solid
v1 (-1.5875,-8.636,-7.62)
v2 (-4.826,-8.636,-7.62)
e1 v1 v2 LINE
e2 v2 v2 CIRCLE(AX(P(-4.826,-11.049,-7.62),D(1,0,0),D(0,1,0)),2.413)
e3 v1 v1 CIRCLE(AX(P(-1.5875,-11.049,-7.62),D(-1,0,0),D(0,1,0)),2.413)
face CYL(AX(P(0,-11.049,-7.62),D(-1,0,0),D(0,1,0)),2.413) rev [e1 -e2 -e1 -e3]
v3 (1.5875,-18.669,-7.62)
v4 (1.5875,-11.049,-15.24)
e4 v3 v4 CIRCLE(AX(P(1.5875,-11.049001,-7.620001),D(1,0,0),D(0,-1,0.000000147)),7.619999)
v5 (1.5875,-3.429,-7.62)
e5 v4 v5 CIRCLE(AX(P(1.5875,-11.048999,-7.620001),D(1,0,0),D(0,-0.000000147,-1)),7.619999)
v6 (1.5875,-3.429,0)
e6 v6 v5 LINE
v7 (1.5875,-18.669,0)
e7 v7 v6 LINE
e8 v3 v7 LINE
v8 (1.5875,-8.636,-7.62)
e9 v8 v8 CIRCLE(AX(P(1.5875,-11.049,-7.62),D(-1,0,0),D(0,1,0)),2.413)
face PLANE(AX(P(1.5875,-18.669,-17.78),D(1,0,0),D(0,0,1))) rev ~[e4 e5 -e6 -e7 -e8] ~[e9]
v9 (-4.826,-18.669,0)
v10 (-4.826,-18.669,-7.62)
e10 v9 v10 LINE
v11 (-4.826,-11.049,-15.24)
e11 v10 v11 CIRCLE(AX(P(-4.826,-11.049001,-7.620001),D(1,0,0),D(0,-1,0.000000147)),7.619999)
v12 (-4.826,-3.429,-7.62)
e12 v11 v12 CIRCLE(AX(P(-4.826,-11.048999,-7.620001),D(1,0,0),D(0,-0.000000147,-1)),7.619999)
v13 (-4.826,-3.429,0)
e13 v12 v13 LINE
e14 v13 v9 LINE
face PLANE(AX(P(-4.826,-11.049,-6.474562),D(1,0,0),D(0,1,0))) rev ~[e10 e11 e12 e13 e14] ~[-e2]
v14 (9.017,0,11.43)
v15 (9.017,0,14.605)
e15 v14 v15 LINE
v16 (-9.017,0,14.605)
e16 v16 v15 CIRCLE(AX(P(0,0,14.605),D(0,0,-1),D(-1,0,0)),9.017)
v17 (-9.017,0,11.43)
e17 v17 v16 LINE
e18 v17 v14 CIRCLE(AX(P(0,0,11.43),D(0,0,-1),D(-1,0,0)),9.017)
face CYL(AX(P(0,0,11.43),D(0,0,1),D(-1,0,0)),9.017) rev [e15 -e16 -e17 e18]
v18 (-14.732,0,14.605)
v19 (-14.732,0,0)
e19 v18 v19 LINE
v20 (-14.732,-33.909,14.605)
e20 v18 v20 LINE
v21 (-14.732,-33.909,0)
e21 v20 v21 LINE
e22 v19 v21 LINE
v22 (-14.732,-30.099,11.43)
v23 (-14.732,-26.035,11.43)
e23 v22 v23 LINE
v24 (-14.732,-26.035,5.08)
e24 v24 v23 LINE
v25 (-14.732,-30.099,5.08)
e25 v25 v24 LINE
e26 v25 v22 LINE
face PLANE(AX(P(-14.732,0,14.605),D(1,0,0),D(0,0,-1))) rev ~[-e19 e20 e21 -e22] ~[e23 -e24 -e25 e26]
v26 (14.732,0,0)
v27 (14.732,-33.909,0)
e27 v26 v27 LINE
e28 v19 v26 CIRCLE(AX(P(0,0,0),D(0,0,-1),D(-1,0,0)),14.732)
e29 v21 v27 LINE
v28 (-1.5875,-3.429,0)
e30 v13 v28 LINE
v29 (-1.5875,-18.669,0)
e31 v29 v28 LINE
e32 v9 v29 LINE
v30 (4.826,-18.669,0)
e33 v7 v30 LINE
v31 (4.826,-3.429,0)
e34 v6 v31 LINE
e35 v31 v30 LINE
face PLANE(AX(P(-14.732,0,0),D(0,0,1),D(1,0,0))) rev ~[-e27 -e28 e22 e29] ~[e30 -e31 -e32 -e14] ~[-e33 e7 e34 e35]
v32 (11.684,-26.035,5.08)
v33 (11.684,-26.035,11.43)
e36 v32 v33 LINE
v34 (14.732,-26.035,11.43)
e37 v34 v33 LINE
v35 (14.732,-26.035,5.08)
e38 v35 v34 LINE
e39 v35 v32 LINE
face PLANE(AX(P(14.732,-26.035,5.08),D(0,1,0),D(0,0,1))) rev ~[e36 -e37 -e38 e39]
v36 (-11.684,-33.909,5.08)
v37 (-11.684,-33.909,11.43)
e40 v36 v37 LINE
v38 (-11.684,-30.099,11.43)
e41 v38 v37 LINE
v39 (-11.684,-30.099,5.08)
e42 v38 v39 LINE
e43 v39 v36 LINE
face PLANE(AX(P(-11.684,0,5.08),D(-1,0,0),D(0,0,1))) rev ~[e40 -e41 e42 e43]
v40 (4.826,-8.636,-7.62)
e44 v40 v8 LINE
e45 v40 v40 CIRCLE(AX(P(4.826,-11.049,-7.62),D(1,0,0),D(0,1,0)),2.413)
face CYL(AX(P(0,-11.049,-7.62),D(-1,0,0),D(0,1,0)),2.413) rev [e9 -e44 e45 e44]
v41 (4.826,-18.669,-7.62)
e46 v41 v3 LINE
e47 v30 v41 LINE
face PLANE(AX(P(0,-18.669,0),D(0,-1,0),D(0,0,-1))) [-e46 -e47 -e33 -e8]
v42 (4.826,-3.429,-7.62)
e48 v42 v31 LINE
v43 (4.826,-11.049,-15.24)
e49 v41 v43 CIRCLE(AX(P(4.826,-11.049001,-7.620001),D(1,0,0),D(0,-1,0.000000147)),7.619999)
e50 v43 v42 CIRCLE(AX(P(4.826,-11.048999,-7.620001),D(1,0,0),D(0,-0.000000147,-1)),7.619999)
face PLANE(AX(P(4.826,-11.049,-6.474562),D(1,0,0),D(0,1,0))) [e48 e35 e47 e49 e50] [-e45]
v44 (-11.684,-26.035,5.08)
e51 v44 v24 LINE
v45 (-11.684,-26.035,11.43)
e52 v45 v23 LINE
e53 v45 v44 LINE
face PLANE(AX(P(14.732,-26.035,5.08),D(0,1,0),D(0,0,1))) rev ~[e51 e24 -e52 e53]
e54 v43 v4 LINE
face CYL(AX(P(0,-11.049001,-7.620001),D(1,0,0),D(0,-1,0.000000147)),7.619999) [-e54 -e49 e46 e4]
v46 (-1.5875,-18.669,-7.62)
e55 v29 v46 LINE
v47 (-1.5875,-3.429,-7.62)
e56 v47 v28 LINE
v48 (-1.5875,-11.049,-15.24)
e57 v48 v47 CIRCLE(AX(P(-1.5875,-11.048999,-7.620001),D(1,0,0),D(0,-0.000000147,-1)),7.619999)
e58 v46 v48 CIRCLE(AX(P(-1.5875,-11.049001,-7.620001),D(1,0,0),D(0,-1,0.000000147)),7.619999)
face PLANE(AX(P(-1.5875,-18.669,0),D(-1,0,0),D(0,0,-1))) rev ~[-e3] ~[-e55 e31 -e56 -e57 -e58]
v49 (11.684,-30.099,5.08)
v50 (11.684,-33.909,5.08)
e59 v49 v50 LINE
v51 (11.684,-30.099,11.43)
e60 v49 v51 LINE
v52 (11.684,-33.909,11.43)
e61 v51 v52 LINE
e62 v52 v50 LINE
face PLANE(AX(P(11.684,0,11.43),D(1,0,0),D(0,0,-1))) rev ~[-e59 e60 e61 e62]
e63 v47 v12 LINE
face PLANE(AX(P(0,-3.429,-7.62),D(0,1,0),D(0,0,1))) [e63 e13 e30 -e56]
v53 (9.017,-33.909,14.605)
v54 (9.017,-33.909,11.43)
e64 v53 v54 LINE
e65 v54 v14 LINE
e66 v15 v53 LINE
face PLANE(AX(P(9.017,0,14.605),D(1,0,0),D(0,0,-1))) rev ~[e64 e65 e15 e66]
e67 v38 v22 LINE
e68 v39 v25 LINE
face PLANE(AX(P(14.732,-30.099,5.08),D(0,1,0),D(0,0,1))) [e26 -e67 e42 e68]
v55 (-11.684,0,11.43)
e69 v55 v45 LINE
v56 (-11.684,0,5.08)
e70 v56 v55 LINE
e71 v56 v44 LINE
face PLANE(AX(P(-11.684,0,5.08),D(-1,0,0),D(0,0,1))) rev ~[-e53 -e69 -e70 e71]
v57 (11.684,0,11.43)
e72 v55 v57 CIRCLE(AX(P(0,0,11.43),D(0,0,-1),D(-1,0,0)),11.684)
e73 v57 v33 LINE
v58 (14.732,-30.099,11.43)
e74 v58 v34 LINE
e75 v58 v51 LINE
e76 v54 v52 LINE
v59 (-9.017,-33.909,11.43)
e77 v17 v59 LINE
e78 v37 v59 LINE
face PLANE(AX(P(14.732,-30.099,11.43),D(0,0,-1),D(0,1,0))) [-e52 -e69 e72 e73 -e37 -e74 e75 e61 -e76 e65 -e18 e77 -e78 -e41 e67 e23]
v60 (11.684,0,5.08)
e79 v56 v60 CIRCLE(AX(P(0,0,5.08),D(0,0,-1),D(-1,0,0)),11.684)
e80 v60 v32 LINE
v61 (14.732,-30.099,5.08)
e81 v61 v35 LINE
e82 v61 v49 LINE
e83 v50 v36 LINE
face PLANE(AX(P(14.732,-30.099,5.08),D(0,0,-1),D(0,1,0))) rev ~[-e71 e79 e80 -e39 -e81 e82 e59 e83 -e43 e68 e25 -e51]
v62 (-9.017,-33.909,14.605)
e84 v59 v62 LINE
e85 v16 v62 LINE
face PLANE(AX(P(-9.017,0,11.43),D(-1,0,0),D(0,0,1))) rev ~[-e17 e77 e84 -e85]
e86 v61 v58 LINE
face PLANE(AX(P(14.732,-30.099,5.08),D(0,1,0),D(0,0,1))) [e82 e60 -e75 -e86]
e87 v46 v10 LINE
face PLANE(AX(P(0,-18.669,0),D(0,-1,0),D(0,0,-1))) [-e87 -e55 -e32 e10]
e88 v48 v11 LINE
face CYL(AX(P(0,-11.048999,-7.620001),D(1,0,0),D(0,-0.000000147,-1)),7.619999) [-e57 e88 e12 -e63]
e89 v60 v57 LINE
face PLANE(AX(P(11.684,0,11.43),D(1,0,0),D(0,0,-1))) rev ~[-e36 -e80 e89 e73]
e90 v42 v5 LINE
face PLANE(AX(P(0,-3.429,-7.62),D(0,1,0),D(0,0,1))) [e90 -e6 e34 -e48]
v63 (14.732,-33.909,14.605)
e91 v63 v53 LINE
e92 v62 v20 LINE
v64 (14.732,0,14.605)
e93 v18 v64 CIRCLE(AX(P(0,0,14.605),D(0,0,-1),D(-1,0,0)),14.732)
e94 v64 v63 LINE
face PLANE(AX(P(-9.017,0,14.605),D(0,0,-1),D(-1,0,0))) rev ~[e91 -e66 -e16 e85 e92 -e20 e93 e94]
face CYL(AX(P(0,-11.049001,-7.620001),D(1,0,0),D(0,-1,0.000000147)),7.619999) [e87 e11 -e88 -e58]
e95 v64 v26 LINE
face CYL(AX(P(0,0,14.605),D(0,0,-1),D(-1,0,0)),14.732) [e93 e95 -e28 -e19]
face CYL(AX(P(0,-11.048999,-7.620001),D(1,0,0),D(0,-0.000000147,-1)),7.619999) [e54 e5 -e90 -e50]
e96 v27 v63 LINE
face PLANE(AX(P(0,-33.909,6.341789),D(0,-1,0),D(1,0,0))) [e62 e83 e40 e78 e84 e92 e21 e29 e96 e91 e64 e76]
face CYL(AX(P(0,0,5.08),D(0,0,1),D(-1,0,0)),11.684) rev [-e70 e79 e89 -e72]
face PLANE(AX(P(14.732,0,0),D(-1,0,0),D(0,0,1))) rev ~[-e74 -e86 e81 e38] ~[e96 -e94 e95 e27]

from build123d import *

# Parameters (mm, degrees)
F1_ANGLE = 180
F2_DEPTH = 33.909
F3_W     = 4.064
F3_H     = 6.35
F4_DEPTH = 29.465
F5_R     = 2.413
F6_DEPTH = 4.826
F8_DEPTH = 25.4


with BuildPart() as f1:
    # F0 (on Front) → F1 (revolve)
    with BuildSketch(Plane.XZ):
        Polygon((-14.732, 0), (0, 0), (0, 5.08), (-11.684, 5.08), (-11.684, 11.43), (-9.017, 11.43), (-9.017, 14.605), (-14.732, 14.605), align=None)
    revolve(axis=Axis((0, 0, 6.597309), (0, 0, -1)), revolution_arc=F1_ANGLE)

    # F1_face (on face) → F2 (join)
    with BuildSketch(Plane(origin=(0, 0, 5.216983), x_dir=(1, 0, 0), z_dir=(0, -1, 0))):
        Polygon((-14.732, -5.216983), (14.732, -5.216983), (14.732, 9.388017), (9.017, 9.388017), (9.017, 6.213017), (11.684, 6.213017), (11.684, -0.136983), (-11.684, -0.136983), (-11.684, 6.213017), (-9.017, 6.213017), (-9.017, 9.388017), (-14.732, 9.388017), align=None)
    extrude(amount=F2_DEPTH)

    # F3 (on face) → F4 (cut, through all)
    with BuildSketch(Plane.YZ.offset(14.732)):
        with Locations((-28.067, 8.255)):
            Rectangle(F3_W, F3_H)
    extrude(amount=-F4_DEPTH, mode=Mode.SUBTRACT)

    # F5 (on Right) → F6 (join, symmetric)
    with BuildSketch(Plane.YZ):
        with BuildLine():
            Line((-3.429, -7.62), (-3.429, 0))
            Line((-3.429, 0), (-18.669, 0))
            Line((-18.669, 0), (-18.669, -7.62))
            ThreePointArc((-18.669, -7.62), (-16.437154, -13.008154), (-11.049, -15.24))
            ThreePointArc((-11.049, -15.24), (-5.660846, -13.008154), (-3.429, -7.62))
        make_face()
        with Locations((-11.049, -7.62)):
            Circle(F5_R, mode=Mode.SUBTRACT)
    extrude(amount=F6_DEPTH, both=True)

    # F7 (on face) → F8 (cut)
    with BuildSketch(Plane.XZ.offset(18.669)):
        Polygon((1.5875, 0), (-1.5875, 0), (-1.5875, -7.62), (0, -7.62), (1.5875, -7.62), align=None)
        Polygon((0, -7.62), (-1.5875, -7.62), (-1.5875, -17.78), (1.5875, -17.78), (1.5875, -7.62), align=None)
    extrude(amount=-F8_DEPTH, mode=Mode.SUBTRACT)


solid = f1.part
